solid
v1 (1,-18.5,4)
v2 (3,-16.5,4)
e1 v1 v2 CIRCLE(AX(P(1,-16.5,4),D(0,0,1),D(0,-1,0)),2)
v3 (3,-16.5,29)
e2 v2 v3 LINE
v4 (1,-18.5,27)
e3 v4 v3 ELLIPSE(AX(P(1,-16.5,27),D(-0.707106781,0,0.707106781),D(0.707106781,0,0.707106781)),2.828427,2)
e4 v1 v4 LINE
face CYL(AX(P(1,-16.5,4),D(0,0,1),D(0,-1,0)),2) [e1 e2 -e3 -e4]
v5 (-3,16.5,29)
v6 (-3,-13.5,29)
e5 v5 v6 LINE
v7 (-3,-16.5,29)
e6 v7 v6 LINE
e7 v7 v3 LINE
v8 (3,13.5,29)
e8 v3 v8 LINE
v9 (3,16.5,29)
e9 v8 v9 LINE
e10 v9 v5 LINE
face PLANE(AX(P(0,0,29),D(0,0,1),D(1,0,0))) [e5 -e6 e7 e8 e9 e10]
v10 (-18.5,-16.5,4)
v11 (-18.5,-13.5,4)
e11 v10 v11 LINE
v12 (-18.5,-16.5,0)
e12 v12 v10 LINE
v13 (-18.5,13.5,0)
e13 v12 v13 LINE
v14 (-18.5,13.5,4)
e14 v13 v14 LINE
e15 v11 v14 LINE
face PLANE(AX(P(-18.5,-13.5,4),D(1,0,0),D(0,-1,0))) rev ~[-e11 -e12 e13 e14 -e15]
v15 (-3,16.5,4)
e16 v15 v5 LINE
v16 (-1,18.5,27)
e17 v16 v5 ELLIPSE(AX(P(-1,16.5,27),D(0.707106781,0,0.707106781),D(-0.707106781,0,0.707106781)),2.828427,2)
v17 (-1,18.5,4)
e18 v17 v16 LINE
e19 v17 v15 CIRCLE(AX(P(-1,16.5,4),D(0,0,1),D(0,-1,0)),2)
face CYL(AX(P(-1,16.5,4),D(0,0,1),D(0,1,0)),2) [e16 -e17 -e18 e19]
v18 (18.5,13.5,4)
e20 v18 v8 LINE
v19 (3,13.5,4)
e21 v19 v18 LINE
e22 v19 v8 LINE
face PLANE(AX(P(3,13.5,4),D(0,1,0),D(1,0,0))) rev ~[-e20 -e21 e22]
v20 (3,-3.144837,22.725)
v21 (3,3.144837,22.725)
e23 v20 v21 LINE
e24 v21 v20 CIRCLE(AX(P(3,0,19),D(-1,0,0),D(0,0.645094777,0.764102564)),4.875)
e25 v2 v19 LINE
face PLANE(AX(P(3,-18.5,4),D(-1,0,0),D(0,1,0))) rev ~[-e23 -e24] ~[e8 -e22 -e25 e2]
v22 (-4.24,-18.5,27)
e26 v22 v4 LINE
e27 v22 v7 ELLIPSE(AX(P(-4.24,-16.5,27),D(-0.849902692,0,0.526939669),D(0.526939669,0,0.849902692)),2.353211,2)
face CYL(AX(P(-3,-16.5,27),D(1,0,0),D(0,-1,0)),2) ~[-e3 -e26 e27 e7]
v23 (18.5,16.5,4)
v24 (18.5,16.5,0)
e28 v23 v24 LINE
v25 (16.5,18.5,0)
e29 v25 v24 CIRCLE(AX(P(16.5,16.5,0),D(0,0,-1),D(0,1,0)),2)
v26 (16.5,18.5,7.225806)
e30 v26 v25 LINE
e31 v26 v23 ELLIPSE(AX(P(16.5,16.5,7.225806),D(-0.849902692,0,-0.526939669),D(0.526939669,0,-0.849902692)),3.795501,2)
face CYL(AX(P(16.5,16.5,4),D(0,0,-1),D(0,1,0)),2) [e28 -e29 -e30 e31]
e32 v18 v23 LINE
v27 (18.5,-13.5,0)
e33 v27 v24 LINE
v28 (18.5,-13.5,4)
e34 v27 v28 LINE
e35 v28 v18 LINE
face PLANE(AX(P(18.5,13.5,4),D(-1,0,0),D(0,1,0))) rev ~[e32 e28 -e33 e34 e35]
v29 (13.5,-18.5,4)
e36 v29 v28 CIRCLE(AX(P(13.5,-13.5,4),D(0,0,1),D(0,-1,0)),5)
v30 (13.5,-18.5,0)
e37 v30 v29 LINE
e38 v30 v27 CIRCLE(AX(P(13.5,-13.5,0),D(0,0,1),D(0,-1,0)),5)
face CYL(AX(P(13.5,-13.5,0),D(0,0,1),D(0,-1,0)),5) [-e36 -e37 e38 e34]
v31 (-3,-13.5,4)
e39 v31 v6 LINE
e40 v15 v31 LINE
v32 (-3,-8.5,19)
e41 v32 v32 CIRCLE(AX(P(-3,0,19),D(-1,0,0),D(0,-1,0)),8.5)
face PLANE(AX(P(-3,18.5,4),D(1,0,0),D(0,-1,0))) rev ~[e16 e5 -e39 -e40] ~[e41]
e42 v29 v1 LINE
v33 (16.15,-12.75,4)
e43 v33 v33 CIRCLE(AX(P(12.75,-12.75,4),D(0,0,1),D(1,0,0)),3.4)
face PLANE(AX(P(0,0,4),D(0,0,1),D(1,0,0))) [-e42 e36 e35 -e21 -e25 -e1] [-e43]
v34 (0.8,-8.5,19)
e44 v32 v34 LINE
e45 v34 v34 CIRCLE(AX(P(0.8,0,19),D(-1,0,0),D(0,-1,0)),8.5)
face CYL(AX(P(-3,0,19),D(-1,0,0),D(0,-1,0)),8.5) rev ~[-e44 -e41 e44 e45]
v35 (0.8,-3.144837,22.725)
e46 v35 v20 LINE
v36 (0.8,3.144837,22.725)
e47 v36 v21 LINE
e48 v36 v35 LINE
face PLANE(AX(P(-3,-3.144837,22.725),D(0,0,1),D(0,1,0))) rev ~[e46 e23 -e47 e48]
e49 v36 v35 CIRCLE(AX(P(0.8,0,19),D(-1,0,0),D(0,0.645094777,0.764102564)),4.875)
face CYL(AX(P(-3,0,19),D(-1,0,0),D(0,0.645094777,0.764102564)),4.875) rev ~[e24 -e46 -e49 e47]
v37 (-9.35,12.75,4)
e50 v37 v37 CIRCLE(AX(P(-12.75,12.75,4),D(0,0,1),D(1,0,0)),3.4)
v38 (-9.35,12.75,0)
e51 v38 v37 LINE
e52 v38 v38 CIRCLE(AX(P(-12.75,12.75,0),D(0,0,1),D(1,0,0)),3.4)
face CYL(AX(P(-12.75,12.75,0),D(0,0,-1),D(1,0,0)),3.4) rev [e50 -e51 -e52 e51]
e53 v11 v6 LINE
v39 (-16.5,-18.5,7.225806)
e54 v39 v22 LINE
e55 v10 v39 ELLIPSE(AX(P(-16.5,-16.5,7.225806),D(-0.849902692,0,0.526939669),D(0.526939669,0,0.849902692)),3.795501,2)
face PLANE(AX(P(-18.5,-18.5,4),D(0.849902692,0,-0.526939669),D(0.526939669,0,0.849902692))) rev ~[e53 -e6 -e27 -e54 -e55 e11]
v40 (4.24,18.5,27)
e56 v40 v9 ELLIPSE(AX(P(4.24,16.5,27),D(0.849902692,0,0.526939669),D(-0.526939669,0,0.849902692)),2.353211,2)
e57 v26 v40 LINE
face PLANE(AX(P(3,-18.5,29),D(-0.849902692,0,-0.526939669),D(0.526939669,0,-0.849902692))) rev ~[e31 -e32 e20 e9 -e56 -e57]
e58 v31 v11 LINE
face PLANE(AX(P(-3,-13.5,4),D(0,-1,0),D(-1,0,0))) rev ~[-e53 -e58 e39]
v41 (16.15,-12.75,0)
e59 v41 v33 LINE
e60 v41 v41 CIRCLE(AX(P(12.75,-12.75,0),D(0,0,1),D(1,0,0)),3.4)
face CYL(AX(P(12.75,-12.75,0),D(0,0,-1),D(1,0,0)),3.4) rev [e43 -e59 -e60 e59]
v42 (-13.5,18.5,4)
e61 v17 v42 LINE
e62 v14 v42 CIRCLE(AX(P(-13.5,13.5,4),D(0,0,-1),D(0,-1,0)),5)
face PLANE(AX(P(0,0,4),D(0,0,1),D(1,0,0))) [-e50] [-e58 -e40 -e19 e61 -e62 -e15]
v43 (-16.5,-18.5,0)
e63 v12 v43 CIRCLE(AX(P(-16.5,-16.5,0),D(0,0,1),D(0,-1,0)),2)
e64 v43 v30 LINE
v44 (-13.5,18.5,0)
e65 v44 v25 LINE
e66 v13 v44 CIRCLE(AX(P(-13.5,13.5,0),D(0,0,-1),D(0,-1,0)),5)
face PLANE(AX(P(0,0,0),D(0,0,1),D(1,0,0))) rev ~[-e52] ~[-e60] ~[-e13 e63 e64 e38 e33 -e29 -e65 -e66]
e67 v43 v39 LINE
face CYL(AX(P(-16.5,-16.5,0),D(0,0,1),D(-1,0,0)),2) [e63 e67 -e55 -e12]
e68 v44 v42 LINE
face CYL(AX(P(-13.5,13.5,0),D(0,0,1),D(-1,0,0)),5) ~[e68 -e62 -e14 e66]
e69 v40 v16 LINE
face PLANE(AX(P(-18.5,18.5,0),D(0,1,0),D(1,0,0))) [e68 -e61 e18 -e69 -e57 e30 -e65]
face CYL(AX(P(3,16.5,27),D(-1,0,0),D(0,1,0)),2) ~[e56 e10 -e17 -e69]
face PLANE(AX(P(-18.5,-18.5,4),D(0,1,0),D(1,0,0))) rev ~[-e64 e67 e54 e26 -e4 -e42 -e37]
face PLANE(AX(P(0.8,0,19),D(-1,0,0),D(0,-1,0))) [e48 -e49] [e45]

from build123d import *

# Parameters (mm, degrees)
F0_W     = 37
F0_H     = 37
F0_R     = 3.4
F1_DEPTH = 4
F3_DEPTH = 25
F5_DEPTH = 37.001
F7_DEPTH = 21.501
F8_R     = 8.5
F9_DEPTH = 3.8
F10_R    = 5
F11_R    = 2


with BuildPart() as f1:
    # F0 (on Top) → F1 (new body)
    with BuildSketch(Plane.XY):
        Rectangle(F0_W, F0_H)
        with Locations((12.75, -12.75)):
            Circle(F0_R, mode=Mode.SUBTRACT)
        with Locations((-12.75, 12.75)):
            Circle(F0_R, mode=Mode.SUBTRACT)
    extrude(amount=F1_DEPTH)

    # F2 (on face) → F3 (join)
    with BuildSketch(Plane.XY.offset(4)):
        Polygon((-18.5, -13.5), (-18.5, -18.5), (3, -18.5), (3, 13.5), (18.5, 13.5), (18.5, 18.5), (-3, 18.5), (-3, -13.5), align=None)
    extrude(amount=F3_DEPTH)

    # F4 (on face) → F5 (cut, through all)
    with BuildSketch(Plane.XZ.offset(18.5)):
        Polygon((-3, 29), (-18.5, 29), (-18.5, 4), align=None)
        Polygon((18.5, 29), (3, 29), (18.5, 4), align=None)
    extrude(amount=-F5_DEPTH, mode=Mode.SUBTRACT)

    # F6 (on face) → F7 (cut, through all)
    with BuildSketch(Plane(origin=(-3, 0, 0), x_dir=(0, -1, 0), z_dir=(-1, 0, 0))):
        with BuildLine():
            Line((3.1448370387, 22.725), (-3.1448370387, 22.725))
            ThreePointArc((-3.1448370387, 22.725), (0, 14.125), (3.1448370387, 22.725))
        make_face()
    extrude(amount=-F7_DEPTH, mode=Mode.SUBTRACT)

    # F8 (on face) → F9 (cut)
    with BuildSketch(Plane(origin=(-3, 0, 0), x_dir=(0, -1, 0), z_dir=(-1, 0, 0))):
        with Locations((0, 19)):
            Circle(F8_R)
    extrude(amount=-F9_DEPTH, mode=Mode.SUBTRACT)

    # F10
    f10_edges = [f1.edges().sort_by_distance(p)[0] for p in [
        (-18.5, 18.5, 2),
        (18.5, -18.5, 2),
    ]]
    fillet(f10_edges, radius=F10_R)

    # F11
    f11_edges = [f1.edges().sort_by_distance(p)[0] for p in [
        (0, -18.5, 29),
        (0, 18.5, 29),
        (-18.5, -18.5, 2),
        (18.5, 18.5, 2),
        (-3, 18.5, 16.5),
        (3, -18.5, 16.5),
    ]]
    fillet(f11_edges, radius=F11_R)


solid = f1.part
